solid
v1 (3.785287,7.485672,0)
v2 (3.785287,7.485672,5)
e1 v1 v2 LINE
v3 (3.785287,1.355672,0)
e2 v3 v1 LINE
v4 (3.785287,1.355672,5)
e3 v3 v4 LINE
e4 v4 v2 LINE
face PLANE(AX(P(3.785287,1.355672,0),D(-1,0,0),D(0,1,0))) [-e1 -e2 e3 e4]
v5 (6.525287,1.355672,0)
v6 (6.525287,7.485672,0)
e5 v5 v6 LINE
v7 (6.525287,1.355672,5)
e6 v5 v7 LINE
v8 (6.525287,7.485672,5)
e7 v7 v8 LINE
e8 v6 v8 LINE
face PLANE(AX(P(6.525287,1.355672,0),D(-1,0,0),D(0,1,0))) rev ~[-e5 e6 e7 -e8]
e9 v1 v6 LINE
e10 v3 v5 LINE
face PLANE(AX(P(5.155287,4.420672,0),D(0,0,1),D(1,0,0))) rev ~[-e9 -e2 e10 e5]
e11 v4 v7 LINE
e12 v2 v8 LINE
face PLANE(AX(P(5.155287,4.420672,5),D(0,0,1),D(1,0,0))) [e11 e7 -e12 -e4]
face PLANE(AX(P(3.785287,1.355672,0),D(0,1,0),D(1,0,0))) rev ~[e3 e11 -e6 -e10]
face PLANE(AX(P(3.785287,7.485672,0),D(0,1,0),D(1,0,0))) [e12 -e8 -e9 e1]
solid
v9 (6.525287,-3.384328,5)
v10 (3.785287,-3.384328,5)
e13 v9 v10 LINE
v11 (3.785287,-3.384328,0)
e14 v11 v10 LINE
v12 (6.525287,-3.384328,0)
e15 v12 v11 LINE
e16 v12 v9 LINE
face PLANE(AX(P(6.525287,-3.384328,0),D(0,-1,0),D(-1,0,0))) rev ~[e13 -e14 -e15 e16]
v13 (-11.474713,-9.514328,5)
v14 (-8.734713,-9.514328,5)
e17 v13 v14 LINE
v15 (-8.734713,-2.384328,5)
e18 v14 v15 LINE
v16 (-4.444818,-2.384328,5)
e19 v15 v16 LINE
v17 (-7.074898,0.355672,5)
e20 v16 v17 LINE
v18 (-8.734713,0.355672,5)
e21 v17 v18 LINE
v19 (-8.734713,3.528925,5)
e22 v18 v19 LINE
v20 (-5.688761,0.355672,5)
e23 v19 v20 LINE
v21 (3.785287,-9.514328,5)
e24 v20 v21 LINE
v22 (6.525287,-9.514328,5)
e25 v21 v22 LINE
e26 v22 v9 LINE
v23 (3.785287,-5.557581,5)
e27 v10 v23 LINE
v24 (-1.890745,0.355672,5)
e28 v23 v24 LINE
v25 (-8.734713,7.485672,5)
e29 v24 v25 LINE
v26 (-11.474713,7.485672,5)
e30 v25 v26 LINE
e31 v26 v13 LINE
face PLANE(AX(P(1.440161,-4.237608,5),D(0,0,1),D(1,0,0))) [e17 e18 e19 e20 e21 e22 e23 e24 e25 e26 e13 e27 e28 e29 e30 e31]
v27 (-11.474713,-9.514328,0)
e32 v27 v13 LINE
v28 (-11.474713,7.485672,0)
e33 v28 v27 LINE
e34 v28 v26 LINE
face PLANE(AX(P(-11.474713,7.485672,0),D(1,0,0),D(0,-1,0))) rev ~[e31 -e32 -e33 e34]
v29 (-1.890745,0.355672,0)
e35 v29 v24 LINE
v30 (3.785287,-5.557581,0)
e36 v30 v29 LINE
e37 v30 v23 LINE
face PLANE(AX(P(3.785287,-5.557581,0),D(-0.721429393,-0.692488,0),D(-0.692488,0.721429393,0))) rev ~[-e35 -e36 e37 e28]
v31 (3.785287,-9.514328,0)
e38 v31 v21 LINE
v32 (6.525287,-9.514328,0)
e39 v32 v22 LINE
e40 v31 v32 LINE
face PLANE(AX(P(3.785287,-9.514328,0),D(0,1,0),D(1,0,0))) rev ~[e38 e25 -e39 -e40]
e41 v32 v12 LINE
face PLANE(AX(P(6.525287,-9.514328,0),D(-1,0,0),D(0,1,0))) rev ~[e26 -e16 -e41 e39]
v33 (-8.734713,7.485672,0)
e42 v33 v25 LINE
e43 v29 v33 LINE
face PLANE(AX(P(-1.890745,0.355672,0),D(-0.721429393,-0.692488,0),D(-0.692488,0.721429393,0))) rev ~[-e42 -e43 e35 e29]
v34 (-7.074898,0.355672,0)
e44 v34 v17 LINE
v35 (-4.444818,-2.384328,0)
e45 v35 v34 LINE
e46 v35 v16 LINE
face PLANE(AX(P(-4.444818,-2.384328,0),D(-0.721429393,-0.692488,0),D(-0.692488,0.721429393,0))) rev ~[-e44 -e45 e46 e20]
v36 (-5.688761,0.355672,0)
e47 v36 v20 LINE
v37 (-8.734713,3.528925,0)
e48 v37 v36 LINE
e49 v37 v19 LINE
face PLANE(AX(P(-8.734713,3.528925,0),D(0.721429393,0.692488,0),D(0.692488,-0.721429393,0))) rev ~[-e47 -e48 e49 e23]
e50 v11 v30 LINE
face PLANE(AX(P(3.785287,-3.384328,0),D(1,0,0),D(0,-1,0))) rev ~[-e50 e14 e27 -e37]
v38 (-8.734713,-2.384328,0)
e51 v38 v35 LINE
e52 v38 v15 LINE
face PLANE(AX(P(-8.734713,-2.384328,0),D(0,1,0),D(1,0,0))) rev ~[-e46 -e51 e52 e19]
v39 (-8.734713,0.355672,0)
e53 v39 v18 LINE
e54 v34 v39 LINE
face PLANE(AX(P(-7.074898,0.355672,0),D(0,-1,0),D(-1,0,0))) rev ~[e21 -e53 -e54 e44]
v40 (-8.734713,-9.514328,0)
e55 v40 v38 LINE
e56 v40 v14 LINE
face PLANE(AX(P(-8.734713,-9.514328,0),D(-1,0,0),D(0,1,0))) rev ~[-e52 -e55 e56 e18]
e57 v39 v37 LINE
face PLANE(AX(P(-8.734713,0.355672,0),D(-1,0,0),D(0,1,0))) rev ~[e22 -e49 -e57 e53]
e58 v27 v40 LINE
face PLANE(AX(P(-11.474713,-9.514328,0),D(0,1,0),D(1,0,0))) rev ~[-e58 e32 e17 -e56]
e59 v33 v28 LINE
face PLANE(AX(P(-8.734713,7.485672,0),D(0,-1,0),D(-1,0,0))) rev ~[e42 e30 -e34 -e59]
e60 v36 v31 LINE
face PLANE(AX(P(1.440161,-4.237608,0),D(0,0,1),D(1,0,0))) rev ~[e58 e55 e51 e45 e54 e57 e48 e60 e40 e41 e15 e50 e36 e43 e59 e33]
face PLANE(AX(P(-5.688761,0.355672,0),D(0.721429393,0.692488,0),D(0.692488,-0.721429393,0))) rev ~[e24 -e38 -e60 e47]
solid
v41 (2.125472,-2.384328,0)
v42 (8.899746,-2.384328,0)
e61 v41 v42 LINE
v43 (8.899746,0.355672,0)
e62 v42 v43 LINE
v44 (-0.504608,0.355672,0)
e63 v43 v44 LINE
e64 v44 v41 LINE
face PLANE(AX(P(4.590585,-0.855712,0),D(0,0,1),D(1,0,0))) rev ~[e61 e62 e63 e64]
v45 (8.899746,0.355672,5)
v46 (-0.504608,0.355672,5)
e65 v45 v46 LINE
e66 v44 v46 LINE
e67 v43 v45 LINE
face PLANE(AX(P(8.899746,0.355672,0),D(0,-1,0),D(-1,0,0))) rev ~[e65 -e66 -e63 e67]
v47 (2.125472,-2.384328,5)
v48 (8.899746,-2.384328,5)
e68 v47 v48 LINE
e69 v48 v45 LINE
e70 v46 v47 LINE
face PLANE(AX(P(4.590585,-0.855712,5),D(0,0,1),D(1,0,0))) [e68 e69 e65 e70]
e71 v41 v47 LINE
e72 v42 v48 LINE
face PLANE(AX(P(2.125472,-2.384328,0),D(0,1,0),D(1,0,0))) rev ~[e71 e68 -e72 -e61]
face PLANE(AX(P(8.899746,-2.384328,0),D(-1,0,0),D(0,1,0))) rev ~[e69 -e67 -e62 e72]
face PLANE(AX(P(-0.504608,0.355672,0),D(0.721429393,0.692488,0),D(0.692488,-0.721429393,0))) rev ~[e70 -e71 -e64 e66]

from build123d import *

# Parameters (mm, degrees)
F1_DEPTH = 5
F0_W     = 2.74
F0_H     = 6.13


with BuildPart() as f1:
    # F0 (on Top) → F1 (new body)
    with BuildSketch(Plane.XY):
        Polygon((3.7852868945, -5.5575805881), (-1.8907454386, 0.3556721484), (-5.6887609137, 0.3556721484), (3.7852868945, -9.5143278516), (6.5252868945, -9.5143278516), (6.5252868945, -3.3843278516), (3.7852868945, -3.3843278516), align=None)
        Polygon((-11.4747131055, 7.4856721484), (-11.4747131055, -9.5143278516), (-8.7347131055, -9.5143278516), (-8.7347131055, -2.3843278516), (-4.4448178072, -2.3843278516), (-7.0748979485, 0.3556721484), (-8.7347131055, 0.3556721484), (-8.7347131055, 3.5289248848), (-5.6887609137, 0.3556721484), (-1.8907454386, 0.3556721484), (-8.7347131055, 7.4856721484), align=None)
    extrude(amount=F1_DEPTH)


with BuildPart() as f1b:
    # F0 (on Top) → F1, piece 2 (new body)
    with BuildSketch(Plane.XY):
        with Locations((5.1552868945, 4.4206721484)):
            Rectangle(F0_W, F0_H)
    extrude(amount=F1_DEPTH)


with BuildPart() as f1c:
    # F0 (on Top) → F1, piece 3 (new body)
    with BuildSketch(Plane.XY):
        Polygon((8.8997455651, -2.3843278516), (8.8997455651, 0.3556721484), (-0.5046084038, 0.3556721484), (2.1254717375, -2.3843278516), align=None)
    extrude(amount=F1_DEPTH)


solid = Compound([f1.part, f1b.part, f1c.part])
